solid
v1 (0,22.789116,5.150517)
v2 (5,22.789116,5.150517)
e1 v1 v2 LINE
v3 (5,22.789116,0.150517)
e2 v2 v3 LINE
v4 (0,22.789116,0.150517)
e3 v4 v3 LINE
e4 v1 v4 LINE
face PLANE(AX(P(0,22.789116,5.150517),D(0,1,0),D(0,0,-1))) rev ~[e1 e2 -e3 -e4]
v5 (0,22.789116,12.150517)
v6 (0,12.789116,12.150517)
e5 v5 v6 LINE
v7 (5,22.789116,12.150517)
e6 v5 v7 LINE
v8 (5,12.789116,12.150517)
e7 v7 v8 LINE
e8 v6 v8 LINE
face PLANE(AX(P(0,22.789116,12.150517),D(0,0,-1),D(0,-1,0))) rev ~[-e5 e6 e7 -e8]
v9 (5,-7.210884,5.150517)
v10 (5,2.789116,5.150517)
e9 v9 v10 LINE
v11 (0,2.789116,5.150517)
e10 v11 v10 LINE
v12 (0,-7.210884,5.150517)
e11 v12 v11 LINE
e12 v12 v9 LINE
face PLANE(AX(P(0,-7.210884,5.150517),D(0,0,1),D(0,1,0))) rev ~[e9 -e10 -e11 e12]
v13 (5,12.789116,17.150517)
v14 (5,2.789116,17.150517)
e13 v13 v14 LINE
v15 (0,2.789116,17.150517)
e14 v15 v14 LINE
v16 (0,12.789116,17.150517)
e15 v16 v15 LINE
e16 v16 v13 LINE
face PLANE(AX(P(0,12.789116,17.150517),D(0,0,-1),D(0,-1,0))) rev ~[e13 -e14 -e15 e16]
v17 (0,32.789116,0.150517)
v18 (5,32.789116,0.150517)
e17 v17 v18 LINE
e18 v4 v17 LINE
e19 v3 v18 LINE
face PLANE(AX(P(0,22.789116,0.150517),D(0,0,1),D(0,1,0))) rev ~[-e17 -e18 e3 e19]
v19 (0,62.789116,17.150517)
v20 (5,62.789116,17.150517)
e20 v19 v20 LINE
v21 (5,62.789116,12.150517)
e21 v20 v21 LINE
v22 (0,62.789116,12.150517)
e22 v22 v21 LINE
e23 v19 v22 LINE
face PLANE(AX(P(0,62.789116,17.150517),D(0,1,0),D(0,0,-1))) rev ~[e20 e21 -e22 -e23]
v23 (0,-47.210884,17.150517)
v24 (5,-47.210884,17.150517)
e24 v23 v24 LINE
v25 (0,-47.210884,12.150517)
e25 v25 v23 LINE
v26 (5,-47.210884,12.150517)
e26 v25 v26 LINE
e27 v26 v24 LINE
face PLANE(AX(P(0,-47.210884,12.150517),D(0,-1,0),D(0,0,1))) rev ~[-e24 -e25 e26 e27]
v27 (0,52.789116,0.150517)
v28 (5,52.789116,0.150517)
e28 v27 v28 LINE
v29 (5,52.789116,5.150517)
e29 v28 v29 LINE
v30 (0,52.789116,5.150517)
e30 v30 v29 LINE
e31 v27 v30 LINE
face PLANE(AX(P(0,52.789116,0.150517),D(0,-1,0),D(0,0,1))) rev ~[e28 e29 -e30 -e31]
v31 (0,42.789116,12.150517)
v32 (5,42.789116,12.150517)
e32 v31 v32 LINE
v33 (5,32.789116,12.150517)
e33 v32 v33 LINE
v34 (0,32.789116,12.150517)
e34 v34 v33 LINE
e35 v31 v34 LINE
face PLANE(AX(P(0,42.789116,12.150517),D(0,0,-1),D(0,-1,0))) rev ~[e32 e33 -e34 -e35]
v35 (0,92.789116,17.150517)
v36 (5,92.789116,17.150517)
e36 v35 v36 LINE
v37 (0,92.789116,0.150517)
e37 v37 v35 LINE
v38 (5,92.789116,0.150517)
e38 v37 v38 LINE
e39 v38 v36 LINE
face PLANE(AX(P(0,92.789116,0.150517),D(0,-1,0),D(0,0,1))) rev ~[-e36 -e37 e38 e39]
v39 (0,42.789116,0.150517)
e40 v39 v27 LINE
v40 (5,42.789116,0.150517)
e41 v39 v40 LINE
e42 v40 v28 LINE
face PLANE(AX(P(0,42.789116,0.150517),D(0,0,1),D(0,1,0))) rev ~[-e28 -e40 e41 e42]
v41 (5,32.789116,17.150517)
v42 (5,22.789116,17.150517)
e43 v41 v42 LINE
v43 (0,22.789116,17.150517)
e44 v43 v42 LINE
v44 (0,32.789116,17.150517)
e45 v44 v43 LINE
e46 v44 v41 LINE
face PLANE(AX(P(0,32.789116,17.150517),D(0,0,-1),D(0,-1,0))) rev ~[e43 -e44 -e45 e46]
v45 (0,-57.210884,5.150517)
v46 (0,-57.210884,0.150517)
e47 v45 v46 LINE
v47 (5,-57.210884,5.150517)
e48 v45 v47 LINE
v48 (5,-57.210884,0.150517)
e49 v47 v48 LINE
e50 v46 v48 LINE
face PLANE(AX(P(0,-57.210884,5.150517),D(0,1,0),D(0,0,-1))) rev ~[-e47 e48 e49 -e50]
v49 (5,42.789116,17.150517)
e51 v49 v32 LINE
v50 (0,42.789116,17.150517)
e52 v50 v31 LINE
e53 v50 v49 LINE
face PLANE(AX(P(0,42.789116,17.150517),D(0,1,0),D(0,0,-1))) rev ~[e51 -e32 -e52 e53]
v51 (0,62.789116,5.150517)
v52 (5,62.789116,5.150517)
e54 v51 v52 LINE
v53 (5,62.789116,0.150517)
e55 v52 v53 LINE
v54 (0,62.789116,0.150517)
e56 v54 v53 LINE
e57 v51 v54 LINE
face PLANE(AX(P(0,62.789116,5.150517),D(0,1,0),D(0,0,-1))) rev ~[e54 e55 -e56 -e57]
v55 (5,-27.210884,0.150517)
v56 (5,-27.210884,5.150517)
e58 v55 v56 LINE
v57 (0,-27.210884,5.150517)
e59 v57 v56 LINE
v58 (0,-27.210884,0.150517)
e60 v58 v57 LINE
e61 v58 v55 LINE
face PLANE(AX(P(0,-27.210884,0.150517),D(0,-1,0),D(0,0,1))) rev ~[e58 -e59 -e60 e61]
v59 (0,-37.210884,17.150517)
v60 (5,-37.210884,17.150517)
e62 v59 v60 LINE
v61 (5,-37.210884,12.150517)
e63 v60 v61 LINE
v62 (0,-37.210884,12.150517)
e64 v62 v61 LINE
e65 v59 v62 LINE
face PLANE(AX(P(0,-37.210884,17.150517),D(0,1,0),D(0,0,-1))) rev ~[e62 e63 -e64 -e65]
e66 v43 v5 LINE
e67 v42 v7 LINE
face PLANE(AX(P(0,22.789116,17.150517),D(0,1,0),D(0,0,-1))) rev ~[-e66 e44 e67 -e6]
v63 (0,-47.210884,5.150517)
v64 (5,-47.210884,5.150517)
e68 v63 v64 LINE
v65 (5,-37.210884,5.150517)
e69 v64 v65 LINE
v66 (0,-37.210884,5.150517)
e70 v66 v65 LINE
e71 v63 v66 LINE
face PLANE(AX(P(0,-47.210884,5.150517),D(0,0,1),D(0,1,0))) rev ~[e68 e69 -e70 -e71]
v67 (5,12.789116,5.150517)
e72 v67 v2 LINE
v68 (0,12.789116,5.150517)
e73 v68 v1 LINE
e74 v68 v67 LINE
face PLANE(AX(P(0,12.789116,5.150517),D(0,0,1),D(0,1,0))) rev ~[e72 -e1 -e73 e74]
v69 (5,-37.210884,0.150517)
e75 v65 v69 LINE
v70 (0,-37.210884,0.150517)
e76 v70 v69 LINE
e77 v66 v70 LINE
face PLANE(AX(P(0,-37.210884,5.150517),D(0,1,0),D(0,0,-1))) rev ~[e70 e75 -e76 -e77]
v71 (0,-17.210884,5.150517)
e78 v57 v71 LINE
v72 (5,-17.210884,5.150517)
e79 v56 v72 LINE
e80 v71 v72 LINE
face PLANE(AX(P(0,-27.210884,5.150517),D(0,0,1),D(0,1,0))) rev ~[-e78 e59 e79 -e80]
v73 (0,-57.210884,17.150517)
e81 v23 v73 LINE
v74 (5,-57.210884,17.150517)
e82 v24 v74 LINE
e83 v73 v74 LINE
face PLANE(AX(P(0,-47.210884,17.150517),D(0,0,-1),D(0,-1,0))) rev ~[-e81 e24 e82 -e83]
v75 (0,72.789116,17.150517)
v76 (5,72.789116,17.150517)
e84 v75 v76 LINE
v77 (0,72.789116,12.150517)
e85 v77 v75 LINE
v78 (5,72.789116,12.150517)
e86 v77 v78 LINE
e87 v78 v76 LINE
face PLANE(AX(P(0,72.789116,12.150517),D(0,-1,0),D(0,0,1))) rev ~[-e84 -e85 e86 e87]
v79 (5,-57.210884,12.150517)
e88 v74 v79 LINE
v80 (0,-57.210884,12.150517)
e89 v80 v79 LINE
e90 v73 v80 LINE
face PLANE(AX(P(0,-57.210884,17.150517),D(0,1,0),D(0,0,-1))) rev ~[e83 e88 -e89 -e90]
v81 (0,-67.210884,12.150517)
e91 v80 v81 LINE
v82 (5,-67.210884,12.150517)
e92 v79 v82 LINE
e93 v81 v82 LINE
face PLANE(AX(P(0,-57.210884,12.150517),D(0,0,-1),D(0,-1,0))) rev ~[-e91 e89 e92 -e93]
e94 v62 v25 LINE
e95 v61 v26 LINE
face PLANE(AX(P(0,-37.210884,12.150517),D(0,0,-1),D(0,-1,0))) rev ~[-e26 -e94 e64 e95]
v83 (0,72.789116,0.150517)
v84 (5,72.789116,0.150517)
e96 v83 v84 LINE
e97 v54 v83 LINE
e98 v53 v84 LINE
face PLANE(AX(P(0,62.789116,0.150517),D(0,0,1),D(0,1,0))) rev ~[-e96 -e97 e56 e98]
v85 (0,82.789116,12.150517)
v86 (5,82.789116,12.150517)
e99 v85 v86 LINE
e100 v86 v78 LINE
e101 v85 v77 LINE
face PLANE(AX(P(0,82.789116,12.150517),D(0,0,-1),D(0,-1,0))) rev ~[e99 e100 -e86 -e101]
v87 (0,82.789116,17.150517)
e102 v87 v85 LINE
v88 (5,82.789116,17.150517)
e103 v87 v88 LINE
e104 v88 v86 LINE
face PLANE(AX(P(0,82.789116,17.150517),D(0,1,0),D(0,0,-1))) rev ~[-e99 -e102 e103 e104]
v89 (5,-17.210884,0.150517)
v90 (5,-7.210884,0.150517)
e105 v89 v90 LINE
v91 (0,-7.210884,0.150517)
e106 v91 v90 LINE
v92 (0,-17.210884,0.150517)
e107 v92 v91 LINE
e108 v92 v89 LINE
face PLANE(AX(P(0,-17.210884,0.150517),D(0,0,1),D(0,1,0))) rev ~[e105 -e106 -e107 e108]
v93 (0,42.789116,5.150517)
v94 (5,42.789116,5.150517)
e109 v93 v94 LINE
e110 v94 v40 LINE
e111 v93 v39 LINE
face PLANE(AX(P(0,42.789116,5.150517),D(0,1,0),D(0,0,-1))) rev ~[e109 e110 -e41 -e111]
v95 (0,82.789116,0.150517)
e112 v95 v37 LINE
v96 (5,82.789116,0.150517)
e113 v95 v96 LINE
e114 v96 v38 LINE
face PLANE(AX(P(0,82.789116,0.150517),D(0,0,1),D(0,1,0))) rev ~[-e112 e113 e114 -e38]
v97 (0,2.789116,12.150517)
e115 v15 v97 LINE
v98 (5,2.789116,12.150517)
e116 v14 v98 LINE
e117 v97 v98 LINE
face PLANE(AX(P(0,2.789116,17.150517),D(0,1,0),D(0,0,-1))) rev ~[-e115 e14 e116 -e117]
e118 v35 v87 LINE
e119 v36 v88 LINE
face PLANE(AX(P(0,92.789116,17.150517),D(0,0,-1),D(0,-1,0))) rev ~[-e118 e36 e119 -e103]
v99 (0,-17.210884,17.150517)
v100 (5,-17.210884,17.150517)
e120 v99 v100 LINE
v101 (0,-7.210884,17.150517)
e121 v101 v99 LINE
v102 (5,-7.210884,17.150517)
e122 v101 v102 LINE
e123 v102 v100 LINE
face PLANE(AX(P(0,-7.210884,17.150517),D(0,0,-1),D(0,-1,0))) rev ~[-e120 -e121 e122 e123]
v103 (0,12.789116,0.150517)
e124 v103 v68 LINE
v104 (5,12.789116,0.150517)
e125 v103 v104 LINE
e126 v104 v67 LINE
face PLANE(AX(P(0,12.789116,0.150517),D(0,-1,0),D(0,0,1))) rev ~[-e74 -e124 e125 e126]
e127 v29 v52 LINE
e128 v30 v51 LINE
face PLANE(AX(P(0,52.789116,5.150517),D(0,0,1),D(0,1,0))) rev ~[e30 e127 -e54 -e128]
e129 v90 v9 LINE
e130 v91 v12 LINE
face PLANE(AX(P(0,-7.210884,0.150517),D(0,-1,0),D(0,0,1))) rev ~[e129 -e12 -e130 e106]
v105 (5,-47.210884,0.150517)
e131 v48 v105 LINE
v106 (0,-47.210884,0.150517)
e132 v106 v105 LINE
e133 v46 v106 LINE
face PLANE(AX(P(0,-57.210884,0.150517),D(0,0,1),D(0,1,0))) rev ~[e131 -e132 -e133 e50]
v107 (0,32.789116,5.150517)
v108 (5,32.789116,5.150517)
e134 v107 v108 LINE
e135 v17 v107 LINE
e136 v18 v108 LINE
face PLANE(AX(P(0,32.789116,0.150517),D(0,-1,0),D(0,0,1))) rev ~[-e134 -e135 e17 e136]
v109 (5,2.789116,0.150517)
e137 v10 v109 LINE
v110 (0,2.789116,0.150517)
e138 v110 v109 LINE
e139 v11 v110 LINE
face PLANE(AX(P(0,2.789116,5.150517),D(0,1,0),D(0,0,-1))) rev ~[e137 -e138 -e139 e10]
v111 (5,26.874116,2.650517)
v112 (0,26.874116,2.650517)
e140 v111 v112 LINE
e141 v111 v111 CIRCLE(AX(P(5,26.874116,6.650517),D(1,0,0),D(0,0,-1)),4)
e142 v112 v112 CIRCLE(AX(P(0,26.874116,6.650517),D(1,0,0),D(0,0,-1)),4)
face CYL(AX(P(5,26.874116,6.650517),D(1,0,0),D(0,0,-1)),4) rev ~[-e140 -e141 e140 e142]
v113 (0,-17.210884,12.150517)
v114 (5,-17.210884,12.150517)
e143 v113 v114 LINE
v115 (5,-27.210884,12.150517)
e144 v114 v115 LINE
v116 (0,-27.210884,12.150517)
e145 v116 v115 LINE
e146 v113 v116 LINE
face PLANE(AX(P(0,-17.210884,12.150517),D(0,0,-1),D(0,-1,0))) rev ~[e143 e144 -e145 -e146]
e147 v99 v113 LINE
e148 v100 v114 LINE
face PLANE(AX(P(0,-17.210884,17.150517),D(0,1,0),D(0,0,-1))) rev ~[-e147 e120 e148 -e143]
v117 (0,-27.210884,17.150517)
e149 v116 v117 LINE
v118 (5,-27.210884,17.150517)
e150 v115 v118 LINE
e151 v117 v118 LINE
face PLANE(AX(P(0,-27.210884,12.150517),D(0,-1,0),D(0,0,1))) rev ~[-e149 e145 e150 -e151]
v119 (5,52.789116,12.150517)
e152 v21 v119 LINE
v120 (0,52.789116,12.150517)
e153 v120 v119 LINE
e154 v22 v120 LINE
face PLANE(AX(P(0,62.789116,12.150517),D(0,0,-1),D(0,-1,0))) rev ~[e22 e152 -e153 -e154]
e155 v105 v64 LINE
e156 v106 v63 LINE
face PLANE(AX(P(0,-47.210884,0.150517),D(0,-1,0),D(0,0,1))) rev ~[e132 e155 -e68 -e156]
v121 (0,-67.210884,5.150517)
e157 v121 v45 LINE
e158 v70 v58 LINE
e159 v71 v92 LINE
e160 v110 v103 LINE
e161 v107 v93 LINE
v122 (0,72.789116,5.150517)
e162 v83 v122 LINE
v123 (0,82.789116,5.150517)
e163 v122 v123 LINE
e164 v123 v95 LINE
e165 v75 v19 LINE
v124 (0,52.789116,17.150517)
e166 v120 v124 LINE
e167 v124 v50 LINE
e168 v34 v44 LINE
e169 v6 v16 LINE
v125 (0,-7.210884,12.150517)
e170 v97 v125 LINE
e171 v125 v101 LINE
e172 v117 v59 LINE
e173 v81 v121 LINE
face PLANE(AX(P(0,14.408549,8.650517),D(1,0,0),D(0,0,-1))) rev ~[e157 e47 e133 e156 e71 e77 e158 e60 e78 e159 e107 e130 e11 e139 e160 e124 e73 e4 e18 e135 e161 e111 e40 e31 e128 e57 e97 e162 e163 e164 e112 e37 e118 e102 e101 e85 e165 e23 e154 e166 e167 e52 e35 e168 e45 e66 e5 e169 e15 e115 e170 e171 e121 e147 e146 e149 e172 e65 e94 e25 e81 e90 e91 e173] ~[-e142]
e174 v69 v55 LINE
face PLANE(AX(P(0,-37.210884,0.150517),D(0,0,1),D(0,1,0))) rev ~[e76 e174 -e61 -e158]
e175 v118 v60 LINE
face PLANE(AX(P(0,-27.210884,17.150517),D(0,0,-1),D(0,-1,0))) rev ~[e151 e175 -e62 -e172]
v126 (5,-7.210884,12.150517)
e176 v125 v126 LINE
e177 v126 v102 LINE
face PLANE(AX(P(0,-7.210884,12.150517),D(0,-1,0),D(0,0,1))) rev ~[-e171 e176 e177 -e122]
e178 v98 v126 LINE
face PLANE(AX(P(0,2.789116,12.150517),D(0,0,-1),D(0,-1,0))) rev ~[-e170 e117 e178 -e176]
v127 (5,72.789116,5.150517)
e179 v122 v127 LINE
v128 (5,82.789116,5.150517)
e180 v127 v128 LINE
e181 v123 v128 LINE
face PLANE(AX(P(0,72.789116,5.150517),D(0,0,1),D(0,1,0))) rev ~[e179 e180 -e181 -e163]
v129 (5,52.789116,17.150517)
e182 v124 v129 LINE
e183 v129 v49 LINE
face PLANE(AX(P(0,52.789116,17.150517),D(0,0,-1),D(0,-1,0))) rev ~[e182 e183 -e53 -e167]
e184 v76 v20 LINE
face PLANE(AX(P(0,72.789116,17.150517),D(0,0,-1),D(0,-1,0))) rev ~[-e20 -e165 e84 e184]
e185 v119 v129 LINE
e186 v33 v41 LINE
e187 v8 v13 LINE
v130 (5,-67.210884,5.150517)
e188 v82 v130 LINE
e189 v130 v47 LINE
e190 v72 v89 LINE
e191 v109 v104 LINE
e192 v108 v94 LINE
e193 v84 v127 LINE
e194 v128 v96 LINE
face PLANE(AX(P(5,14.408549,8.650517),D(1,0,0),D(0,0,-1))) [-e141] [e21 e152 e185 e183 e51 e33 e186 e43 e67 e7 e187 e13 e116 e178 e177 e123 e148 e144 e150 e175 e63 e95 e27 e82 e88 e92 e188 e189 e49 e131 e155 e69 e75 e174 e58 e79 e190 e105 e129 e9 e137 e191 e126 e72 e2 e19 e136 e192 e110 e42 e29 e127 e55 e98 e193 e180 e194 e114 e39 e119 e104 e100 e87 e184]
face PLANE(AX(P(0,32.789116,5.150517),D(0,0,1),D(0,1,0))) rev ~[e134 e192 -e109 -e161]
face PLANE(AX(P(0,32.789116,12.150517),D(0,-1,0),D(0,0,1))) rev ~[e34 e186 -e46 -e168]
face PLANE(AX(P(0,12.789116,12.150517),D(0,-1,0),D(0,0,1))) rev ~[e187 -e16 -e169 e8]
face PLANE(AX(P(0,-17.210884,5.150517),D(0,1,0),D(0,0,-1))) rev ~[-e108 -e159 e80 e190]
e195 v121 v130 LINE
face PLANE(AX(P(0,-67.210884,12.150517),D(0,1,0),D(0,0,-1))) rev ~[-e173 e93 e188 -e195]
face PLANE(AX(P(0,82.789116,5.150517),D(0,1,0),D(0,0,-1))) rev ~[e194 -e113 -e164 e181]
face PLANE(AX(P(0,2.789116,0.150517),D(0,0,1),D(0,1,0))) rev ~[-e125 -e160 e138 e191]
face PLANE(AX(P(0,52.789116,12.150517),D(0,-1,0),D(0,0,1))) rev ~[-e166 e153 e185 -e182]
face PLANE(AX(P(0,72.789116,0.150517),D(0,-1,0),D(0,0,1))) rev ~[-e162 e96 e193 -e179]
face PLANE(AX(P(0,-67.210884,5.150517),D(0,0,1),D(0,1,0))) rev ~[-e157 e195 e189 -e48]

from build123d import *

# Parameters (mm, degrees)
SALIENTE_EXTRUIR1_DEPTH = 5
CROQUIS2_R              = 4
CORTAR_EXTRUIR1_DEPTH   = 5


with BuildPart() as part:
    # Croquis1 → Saliente-Extruir1 (new body)
    with BuildSketch(Plane(origin=(0, 0, 0), x_dir=(0, 0, -1), z_dir=(1, 0, 0))):
        Polygon((-17.15051747, 72.789115646), (-17.15051747, 62.789115646), (-12.15051747, 62.789115646), (-12.15051747, 52.789115646), (-17.15051747, 52.789115646), (-17.15051747, 42.789115646), (-12.15051747, 42.789115646), (-12.15051747, 32.789115646), (-17.15051747, 32.789115646), (-17.15051747, 22.789115646), (-12.15051747, 22.789115646), (-12.15051747, 12.789115646), (-17.15051747, 12.789115646), (-17.15051747, 2.789115646), (-12.15051747, 2.789115646), (-12.15051747, -7.210884354), (-17.15051747, -7.210884354), (-17.15051747, -17.210884354), (-12.15051747, -17.210884354), (-12.15051747, -27.210884354), (-17.15051747, -27.210884354), (-17.15051747, -37.210884354), (-12.15051747, -37.210884354), (-12.15051747, -47.210884354), (-17.15051747, -47.210884354), (-17.15051747, -57.210884354), (-12.15051747, -57.210884354), (-12.15051747, -67.210884354), (-5.15051747, -67.210884354), (-5.15051747, -57.210884354), (-0.15051747, -57.210884354), (-0.15051747, -47.210884354), (-5.15051747, -47.210884354), (-5.15051747, -37.210884354), (-0.15051747, -37.210884354), (-0.15051747, -27.210884354), (-5.15051747, -27.210884354), (-5.15051747, -17.210884354), (-0.15051747, -17.210884354), (-0.15051747, -7.210884354), (-5.15051747, -7.210884354), (-5.15051747, 2.789115646), (-0.15051747, 2.789115646), (-0.15051747, 12.789115646), (-5.15051747, 12.789115646), (-5.15051747, 22.789115646), (-0.15051747, 22.789115646), (-0.15051747, 32.789115646), (-5.15051747, 32.789115646), (-5.15051747, 42.789115646), (-0.15051747, 42.789115646), (-0.15051747, 52.789115646), (-5.15051747, 52.789115646), (-5.15051747, 62.789115646), (-0.15051747, 62.789115646), (-0.15051747, 72.789115646), (-5.15051747, 72.789115646), (-5.15051747, 82.789115646), (-0.15051747, 82.789115646), (-0.15051747, 92.789115646), (-17.15051747, 92.789115646), (-17.15051747, 82.789115646), (-12.15051747, 82.789115646), (-12.15051747, 72.789115646), align=None)
    extrude(amount=SALIENTE_EXTRUIR1_DEPTH)

    # Croquis2 → Cortar-Extruir1 (cut)
    with BuildSketch(Plane(origin=(5, 0, 0), x_dir=(0, 0, -1), z_dir=(1, 0, 0))):
        with Locations((-6.65051747, 26.874115646)):
            Circle(CROQUIS2_R)
    extrude(amount=-CORTAR_EXTRUIR1_DEPTH, mode=Mode.SUBTRACT)


solid = part.part
